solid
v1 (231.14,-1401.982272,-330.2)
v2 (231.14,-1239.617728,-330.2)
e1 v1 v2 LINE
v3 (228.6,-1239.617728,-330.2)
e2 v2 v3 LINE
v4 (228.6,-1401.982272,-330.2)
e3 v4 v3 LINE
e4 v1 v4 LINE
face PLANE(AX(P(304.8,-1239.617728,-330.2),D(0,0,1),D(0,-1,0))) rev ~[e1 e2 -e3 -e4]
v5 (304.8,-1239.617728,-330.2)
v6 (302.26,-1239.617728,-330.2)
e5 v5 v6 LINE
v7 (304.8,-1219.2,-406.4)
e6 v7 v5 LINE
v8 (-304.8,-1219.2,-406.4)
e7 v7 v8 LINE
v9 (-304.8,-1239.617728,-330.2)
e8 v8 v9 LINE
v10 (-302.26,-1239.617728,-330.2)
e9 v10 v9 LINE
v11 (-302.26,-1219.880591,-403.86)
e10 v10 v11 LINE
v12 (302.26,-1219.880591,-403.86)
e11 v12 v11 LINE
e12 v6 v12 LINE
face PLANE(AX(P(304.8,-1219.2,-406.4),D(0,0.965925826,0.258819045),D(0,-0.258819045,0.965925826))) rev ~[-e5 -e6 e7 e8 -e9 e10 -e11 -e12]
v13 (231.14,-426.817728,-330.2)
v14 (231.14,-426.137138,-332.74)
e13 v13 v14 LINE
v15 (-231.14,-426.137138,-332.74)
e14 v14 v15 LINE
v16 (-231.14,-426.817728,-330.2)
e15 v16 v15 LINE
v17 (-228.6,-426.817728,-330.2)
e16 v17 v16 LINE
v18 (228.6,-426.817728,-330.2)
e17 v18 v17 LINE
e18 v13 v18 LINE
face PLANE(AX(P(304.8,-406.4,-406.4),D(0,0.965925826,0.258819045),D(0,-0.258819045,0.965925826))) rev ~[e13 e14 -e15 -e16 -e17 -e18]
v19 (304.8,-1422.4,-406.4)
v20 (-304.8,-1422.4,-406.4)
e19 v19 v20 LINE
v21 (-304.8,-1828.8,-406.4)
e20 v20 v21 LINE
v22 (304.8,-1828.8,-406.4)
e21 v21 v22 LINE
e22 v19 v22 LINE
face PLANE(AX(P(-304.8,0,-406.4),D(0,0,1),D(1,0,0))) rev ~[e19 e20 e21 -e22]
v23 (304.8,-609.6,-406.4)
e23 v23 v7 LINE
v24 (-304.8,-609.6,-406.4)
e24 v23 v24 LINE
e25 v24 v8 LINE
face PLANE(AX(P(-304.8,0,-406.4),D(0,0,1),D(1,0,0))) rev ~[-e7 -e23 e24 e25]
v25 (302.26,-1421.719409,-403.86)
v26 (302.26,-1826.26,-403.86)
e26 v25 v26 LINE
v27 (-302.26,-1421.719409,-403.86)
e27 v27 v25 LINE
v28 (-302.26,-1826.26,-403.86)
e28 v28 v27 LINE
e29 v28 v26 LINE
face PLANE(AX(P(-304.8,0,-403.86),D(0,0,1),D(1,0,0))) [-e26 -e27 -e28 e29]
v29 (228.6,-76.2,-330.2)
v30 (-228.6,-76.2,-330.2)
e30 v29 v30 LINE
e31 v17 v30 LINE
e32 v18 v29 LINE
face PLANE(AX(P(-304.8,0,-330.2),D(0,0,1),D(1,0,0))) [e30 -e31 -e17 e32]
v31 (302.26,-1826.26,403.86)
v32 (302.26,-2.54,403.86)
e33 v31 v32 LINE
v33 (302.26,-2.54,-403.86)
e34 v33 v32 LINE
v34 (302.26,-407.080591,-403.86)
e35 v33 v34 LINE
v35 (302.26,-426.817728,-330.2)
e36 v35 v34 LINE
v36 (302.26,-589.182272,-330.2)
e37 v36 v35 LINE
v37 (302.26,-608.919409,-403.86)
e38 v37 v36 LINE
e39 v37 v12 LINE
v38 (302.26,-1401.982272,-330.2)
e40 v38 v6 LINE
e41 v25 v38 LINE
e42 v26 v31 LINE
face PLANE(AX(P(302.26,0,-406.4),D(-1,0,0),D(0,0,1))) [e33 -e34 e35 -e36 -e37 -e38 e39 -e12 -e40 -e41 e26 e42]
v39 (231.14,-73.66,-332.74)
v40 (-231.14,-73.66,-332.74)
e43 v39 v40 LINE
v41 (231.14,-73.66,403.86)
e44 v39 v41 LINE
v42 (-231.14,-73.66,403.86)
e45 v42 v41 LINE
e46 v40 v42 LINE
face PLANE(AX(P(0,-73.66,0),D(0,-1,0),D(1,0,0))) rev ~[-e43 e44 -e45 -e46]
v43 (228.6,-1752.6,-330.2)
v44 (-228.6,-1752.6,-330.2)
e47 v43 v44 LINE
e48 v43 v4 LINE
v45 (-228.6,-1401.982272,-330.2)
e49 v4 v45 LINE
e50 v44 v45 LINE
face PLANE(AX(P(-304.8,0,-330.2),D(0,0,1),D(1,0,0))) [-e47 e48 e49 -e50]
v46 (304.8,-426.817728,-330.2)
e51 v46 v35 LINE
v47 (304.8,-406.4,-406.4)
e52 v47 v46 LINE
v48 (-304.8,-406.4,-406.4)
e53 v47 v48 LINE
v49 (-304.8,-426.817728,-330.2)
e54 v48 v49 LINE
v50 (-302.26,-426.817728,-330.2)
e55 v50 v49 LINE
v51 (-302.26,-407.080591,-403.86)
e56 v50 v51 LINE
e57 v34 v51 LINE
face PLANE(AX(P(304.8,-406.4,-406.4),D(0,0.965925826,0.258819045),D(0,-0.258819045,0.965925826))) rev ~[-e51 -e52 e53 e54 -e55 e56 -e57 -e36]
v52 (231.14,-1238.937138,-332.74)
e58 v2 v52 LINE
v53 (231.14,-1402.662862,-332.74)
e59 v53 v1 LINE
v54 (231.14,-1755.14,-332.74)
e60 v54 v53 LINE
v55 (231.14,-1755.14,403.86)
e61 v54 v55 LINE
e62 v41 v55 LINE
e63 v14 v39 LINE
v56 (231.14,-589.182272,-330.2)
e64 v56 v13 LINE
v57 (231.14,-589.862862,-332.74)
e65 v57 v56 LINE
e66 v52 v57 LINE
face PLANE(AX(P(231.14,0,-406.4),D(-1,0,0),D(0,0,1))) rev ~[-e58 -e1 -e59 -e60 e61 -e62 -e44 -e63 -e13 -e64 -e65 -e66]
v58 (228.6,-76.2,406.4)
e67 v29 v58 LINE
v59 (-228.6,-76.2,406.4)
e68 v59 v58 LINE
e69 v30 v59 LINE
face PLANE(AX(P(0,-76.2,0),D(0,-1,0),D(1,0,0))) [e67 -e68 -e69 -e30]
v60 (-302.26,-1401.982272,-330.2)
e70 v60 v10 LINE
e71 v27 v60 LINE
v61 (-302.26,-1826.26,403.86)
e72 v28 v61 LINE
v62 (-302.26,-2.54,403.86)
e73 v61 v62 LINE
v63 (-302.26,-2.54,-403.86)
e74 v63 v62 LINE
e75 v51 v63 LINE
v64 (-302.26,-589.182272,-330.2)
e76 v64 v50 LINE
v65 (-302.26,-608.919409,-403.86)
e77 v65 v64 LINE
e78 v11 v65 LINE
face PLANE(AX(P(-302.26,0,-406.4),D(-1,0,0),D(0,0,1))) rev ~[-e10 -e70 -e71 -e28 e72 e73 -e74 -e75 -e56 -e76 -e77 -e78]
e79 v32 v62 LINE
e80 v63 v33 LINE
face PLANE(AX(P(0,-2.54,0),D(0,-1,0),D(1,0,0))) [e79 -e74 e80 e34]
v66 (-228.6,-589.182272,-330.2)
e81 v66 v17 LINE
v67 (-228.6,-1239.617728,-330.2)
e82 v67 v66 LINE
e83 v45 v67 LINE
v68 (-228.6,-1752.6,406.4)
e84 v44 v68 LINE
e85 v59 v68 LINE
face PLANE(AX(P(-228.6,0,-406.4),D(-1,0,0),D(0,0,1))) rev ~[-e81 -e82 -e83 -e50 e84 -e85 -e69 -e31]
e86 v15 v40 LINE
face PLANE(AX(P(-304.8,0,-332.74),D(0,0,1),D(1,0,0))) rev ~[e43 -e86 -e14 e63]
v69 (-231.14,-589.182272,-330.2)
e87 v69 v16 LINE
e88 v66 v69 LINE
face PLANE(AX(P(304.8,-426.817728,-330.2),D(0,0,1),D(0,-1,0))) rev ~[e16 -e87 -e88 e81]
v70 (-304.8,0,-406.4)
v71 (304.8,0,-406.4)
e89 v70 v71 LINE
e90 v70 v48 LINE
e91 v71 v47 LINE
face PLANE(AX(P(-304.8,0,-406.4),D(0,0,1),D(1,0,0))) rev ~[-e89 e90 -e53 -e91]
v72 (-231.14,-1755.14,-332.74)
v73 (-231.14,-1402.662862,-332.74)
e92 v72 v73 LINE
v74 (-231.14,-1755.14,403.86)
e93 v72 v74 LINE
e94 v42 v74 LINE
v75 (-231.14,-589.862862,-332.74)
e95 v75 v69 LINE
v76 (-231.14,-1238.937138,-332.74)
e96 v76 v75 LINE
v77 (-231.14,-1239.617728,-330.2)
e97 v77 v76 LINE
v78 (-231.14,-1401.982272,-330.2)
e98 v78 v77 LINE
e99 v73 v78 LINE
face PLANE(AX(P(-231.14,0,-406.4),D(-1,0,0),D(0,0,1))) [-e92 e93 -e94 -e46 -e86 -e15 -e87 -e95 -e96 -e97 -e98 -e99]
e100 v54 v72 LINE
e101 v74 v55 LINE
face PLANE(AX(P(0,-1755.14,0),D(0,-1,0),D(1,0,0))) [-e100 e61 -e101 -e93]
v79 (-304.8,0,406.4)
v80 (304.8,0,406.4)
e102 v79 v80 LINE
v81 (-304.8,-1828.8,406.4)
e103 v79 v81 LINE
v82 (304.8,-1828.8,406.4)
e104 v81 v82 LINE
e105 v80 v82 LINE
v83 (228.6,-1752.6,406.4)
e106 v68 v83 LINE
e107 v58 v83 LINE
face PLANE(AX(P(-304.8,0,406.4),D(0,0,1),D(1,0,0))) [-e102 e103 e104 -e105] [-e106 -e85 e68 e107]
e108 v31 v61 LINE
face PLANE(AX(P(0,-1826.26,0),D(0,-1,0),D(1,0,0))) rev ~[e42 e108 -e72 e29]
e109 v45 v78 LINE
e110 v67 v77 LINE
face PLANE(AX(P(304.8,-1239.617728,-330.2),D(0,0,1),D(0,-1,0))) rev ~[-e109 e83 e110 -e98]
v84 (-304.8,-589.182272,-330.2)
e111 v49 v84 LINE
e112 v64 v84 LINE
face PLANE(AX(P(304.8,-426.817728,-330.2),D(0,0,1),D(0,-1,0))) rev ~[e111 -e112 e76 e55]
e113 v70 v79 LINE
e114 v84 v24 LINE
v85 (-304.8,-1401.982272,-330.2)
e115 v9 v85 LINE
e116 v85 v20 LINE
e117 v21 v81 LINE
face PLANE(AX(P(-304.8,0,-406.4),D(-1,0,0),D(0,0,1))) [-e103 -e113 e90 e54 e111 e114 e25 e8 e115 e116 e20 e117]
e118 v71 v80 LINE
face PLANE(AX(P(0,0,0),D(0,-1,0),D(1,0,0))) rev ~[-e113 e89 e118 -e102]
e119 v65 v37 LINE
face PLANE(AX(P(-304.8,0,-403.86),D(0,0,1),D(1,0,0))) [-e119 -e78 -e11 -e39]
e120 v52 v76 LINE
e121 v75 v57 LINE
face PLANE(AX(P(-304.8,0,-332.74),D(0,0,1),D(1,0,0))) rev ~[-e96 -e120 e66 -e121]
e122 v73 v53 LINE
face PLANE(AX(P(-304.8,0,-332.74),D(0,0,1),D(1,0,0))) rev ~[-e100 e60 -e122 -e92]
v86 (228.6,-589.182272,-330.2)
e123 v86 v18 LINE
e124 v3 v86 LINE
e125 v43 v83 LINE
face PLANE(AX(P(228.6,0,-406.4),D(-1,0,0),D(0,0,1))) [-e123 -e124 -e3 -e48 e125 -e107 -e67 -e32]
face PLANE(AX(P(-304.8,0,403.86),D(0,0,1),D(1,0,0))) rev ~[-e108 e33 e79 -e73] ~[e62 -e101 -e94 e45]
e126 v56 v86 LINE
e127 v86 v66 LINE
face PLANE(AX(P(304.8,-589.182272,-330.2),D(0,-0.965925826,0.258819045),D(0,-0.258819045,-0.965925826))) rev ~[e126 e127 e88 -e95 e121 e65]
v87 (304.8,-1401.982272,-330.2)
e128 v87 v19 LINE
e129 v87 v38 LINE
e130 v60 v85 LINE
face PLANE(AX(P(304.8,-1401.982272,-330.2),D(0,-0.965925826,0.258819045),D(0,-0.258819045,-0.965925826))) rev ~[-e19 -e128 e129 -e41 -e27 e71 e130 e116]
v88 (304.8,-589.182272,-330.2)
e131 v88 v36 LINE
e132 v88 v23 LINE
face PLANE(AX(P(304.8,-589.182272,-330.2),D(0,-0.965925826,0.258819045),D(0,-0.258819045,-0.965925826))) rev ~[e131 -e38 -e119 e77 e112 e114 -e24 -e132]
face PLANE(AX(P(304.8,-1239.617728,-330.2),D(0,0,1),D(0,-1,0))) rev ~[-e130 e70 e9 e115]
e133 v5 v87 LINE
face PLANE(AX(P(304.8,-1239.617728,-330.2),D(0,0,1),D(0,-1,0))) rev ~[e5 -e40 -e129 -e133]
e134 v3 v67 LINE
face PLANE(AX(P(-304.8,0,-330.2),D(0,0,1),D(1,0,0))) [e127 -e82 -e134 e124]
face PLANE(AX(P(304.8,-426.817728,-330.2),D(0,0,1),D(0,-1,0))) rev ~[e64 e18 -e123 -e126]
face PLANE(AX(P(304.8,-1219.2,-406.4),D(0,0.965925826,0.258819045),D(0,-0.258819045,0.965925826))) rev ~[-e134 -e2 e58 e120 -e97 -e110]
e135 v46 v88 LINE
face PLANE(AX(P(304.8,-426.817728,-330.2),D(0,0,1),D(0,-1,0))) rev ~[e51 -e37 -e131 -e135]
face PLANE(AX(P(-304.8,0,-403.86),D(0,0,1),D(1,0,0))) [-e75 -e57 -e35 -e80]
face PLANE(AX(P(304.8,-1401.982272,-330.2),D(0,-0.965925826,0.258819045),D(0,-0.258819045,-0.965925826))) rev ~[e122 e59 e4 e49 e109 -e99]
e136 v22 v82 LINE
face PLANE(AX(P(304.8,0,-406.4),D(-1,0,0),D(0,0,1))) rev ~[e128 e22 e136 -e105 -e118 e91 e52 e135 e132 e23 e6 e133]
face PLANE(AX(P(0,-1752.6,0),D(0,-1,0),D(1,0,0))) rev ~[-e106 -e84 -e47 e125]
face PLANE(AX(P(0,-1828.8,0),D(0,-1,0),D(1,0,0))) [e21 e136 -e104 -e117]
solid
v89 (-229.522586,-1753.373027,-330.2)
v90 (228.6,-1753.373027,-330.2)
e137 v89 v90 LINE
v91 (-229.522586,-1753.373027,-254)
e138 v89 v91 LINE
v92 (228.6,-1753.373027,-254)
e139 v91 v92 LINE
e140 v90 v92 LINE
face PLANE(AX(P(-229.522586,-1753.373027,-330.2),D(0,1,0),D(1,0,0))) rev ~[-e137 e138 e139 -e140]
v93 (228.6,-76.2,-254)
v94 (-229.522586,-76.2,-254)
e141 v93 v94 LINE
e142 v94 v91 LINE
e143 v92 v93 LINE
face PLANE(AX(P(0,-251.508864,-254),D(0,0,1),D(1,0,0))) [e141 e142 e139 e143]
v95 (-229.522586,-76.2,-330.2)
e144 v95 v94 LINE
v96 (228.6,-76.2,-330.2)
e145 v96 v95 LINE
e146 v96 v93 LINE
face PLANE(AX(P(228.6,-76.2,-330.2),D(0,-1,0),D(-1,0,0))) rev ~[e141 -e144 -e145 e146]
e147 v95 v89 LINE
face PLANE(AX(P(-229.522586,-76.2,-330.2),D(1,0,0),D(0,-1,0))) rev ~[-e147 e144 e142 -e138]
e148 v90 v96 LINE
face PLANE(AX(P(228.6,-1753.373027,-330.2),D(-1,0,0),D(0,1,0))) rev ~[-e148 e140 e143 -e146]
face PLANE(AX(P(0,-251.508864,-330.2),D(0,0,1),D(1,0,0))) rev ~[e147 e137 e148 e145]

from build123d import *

# Parameters (mm, degrees)
F0_W     = 609.6
F0_H     = 812.8
F1_DEPTH = 1828.8
F2_T     = -76.2
F4_T     = -2.54
F5_DEPTH = 609.6
F6_W     = 457.2
F6_H     = 350.6177284633
F7_DEPTH = 76.2


with BuildPart() as f1:
    # F0 (on Front) → F1 (new body)
    with BuildSketch(Plane.XZ):
        Rectangle(F0_W, F0_H)
    extrude(amount=F1_DEPTH)

    # F2
    f2_openings = [f1.faces().sort_by_distance(p)[0] for p in [
        (0, -914.4, 406.4),
    ]]
    offset(amount=F2_T, openings=f2_openings)

    # F4 (hollow: no face is removed)
    offset(amount=F4_T, kind=Kind.INTERSECTION, mode=Mode.SUBTRACT)

    # F3 (on face) → F5 (cut)
    with BuildSketch(Plane.YZ.offset(304.8)):
        Polygon((-1422.4, -406.4), (-1219.2, -406.4), (-1239.6177284633, -330.2), (-1401.9822715367, -330.2), align=None)
        Polygon((-589.1822715367, -330.2), (-609.6, -406.4), (-406.4, -406.4), (-426.8177284633, -330.2), align=None)
    extrude(amount=-F5_DEPTH, mode=Mode.SUBTRACT)


with BuildPart() as f7:
    # F6 (on face) → F7 (new body)
    with BuildSketch(Plane.XY.offset(-330.2)):
        with Locations((0, -251.5088642316)):
            Rectangle(F6_W, F6_H)
        Polygon((-228.6, -426.8177284633), (-228.6, -76.2), (-229.5225858688, -76.2), (-229.5225858688, -1753.3730268478), (228.6, -1753.3730268478), (228.6, -426.8177284633), align=None)
    extrude(amount=F7_DEPTH)


solid = Compound([f1.part, f7.part])
